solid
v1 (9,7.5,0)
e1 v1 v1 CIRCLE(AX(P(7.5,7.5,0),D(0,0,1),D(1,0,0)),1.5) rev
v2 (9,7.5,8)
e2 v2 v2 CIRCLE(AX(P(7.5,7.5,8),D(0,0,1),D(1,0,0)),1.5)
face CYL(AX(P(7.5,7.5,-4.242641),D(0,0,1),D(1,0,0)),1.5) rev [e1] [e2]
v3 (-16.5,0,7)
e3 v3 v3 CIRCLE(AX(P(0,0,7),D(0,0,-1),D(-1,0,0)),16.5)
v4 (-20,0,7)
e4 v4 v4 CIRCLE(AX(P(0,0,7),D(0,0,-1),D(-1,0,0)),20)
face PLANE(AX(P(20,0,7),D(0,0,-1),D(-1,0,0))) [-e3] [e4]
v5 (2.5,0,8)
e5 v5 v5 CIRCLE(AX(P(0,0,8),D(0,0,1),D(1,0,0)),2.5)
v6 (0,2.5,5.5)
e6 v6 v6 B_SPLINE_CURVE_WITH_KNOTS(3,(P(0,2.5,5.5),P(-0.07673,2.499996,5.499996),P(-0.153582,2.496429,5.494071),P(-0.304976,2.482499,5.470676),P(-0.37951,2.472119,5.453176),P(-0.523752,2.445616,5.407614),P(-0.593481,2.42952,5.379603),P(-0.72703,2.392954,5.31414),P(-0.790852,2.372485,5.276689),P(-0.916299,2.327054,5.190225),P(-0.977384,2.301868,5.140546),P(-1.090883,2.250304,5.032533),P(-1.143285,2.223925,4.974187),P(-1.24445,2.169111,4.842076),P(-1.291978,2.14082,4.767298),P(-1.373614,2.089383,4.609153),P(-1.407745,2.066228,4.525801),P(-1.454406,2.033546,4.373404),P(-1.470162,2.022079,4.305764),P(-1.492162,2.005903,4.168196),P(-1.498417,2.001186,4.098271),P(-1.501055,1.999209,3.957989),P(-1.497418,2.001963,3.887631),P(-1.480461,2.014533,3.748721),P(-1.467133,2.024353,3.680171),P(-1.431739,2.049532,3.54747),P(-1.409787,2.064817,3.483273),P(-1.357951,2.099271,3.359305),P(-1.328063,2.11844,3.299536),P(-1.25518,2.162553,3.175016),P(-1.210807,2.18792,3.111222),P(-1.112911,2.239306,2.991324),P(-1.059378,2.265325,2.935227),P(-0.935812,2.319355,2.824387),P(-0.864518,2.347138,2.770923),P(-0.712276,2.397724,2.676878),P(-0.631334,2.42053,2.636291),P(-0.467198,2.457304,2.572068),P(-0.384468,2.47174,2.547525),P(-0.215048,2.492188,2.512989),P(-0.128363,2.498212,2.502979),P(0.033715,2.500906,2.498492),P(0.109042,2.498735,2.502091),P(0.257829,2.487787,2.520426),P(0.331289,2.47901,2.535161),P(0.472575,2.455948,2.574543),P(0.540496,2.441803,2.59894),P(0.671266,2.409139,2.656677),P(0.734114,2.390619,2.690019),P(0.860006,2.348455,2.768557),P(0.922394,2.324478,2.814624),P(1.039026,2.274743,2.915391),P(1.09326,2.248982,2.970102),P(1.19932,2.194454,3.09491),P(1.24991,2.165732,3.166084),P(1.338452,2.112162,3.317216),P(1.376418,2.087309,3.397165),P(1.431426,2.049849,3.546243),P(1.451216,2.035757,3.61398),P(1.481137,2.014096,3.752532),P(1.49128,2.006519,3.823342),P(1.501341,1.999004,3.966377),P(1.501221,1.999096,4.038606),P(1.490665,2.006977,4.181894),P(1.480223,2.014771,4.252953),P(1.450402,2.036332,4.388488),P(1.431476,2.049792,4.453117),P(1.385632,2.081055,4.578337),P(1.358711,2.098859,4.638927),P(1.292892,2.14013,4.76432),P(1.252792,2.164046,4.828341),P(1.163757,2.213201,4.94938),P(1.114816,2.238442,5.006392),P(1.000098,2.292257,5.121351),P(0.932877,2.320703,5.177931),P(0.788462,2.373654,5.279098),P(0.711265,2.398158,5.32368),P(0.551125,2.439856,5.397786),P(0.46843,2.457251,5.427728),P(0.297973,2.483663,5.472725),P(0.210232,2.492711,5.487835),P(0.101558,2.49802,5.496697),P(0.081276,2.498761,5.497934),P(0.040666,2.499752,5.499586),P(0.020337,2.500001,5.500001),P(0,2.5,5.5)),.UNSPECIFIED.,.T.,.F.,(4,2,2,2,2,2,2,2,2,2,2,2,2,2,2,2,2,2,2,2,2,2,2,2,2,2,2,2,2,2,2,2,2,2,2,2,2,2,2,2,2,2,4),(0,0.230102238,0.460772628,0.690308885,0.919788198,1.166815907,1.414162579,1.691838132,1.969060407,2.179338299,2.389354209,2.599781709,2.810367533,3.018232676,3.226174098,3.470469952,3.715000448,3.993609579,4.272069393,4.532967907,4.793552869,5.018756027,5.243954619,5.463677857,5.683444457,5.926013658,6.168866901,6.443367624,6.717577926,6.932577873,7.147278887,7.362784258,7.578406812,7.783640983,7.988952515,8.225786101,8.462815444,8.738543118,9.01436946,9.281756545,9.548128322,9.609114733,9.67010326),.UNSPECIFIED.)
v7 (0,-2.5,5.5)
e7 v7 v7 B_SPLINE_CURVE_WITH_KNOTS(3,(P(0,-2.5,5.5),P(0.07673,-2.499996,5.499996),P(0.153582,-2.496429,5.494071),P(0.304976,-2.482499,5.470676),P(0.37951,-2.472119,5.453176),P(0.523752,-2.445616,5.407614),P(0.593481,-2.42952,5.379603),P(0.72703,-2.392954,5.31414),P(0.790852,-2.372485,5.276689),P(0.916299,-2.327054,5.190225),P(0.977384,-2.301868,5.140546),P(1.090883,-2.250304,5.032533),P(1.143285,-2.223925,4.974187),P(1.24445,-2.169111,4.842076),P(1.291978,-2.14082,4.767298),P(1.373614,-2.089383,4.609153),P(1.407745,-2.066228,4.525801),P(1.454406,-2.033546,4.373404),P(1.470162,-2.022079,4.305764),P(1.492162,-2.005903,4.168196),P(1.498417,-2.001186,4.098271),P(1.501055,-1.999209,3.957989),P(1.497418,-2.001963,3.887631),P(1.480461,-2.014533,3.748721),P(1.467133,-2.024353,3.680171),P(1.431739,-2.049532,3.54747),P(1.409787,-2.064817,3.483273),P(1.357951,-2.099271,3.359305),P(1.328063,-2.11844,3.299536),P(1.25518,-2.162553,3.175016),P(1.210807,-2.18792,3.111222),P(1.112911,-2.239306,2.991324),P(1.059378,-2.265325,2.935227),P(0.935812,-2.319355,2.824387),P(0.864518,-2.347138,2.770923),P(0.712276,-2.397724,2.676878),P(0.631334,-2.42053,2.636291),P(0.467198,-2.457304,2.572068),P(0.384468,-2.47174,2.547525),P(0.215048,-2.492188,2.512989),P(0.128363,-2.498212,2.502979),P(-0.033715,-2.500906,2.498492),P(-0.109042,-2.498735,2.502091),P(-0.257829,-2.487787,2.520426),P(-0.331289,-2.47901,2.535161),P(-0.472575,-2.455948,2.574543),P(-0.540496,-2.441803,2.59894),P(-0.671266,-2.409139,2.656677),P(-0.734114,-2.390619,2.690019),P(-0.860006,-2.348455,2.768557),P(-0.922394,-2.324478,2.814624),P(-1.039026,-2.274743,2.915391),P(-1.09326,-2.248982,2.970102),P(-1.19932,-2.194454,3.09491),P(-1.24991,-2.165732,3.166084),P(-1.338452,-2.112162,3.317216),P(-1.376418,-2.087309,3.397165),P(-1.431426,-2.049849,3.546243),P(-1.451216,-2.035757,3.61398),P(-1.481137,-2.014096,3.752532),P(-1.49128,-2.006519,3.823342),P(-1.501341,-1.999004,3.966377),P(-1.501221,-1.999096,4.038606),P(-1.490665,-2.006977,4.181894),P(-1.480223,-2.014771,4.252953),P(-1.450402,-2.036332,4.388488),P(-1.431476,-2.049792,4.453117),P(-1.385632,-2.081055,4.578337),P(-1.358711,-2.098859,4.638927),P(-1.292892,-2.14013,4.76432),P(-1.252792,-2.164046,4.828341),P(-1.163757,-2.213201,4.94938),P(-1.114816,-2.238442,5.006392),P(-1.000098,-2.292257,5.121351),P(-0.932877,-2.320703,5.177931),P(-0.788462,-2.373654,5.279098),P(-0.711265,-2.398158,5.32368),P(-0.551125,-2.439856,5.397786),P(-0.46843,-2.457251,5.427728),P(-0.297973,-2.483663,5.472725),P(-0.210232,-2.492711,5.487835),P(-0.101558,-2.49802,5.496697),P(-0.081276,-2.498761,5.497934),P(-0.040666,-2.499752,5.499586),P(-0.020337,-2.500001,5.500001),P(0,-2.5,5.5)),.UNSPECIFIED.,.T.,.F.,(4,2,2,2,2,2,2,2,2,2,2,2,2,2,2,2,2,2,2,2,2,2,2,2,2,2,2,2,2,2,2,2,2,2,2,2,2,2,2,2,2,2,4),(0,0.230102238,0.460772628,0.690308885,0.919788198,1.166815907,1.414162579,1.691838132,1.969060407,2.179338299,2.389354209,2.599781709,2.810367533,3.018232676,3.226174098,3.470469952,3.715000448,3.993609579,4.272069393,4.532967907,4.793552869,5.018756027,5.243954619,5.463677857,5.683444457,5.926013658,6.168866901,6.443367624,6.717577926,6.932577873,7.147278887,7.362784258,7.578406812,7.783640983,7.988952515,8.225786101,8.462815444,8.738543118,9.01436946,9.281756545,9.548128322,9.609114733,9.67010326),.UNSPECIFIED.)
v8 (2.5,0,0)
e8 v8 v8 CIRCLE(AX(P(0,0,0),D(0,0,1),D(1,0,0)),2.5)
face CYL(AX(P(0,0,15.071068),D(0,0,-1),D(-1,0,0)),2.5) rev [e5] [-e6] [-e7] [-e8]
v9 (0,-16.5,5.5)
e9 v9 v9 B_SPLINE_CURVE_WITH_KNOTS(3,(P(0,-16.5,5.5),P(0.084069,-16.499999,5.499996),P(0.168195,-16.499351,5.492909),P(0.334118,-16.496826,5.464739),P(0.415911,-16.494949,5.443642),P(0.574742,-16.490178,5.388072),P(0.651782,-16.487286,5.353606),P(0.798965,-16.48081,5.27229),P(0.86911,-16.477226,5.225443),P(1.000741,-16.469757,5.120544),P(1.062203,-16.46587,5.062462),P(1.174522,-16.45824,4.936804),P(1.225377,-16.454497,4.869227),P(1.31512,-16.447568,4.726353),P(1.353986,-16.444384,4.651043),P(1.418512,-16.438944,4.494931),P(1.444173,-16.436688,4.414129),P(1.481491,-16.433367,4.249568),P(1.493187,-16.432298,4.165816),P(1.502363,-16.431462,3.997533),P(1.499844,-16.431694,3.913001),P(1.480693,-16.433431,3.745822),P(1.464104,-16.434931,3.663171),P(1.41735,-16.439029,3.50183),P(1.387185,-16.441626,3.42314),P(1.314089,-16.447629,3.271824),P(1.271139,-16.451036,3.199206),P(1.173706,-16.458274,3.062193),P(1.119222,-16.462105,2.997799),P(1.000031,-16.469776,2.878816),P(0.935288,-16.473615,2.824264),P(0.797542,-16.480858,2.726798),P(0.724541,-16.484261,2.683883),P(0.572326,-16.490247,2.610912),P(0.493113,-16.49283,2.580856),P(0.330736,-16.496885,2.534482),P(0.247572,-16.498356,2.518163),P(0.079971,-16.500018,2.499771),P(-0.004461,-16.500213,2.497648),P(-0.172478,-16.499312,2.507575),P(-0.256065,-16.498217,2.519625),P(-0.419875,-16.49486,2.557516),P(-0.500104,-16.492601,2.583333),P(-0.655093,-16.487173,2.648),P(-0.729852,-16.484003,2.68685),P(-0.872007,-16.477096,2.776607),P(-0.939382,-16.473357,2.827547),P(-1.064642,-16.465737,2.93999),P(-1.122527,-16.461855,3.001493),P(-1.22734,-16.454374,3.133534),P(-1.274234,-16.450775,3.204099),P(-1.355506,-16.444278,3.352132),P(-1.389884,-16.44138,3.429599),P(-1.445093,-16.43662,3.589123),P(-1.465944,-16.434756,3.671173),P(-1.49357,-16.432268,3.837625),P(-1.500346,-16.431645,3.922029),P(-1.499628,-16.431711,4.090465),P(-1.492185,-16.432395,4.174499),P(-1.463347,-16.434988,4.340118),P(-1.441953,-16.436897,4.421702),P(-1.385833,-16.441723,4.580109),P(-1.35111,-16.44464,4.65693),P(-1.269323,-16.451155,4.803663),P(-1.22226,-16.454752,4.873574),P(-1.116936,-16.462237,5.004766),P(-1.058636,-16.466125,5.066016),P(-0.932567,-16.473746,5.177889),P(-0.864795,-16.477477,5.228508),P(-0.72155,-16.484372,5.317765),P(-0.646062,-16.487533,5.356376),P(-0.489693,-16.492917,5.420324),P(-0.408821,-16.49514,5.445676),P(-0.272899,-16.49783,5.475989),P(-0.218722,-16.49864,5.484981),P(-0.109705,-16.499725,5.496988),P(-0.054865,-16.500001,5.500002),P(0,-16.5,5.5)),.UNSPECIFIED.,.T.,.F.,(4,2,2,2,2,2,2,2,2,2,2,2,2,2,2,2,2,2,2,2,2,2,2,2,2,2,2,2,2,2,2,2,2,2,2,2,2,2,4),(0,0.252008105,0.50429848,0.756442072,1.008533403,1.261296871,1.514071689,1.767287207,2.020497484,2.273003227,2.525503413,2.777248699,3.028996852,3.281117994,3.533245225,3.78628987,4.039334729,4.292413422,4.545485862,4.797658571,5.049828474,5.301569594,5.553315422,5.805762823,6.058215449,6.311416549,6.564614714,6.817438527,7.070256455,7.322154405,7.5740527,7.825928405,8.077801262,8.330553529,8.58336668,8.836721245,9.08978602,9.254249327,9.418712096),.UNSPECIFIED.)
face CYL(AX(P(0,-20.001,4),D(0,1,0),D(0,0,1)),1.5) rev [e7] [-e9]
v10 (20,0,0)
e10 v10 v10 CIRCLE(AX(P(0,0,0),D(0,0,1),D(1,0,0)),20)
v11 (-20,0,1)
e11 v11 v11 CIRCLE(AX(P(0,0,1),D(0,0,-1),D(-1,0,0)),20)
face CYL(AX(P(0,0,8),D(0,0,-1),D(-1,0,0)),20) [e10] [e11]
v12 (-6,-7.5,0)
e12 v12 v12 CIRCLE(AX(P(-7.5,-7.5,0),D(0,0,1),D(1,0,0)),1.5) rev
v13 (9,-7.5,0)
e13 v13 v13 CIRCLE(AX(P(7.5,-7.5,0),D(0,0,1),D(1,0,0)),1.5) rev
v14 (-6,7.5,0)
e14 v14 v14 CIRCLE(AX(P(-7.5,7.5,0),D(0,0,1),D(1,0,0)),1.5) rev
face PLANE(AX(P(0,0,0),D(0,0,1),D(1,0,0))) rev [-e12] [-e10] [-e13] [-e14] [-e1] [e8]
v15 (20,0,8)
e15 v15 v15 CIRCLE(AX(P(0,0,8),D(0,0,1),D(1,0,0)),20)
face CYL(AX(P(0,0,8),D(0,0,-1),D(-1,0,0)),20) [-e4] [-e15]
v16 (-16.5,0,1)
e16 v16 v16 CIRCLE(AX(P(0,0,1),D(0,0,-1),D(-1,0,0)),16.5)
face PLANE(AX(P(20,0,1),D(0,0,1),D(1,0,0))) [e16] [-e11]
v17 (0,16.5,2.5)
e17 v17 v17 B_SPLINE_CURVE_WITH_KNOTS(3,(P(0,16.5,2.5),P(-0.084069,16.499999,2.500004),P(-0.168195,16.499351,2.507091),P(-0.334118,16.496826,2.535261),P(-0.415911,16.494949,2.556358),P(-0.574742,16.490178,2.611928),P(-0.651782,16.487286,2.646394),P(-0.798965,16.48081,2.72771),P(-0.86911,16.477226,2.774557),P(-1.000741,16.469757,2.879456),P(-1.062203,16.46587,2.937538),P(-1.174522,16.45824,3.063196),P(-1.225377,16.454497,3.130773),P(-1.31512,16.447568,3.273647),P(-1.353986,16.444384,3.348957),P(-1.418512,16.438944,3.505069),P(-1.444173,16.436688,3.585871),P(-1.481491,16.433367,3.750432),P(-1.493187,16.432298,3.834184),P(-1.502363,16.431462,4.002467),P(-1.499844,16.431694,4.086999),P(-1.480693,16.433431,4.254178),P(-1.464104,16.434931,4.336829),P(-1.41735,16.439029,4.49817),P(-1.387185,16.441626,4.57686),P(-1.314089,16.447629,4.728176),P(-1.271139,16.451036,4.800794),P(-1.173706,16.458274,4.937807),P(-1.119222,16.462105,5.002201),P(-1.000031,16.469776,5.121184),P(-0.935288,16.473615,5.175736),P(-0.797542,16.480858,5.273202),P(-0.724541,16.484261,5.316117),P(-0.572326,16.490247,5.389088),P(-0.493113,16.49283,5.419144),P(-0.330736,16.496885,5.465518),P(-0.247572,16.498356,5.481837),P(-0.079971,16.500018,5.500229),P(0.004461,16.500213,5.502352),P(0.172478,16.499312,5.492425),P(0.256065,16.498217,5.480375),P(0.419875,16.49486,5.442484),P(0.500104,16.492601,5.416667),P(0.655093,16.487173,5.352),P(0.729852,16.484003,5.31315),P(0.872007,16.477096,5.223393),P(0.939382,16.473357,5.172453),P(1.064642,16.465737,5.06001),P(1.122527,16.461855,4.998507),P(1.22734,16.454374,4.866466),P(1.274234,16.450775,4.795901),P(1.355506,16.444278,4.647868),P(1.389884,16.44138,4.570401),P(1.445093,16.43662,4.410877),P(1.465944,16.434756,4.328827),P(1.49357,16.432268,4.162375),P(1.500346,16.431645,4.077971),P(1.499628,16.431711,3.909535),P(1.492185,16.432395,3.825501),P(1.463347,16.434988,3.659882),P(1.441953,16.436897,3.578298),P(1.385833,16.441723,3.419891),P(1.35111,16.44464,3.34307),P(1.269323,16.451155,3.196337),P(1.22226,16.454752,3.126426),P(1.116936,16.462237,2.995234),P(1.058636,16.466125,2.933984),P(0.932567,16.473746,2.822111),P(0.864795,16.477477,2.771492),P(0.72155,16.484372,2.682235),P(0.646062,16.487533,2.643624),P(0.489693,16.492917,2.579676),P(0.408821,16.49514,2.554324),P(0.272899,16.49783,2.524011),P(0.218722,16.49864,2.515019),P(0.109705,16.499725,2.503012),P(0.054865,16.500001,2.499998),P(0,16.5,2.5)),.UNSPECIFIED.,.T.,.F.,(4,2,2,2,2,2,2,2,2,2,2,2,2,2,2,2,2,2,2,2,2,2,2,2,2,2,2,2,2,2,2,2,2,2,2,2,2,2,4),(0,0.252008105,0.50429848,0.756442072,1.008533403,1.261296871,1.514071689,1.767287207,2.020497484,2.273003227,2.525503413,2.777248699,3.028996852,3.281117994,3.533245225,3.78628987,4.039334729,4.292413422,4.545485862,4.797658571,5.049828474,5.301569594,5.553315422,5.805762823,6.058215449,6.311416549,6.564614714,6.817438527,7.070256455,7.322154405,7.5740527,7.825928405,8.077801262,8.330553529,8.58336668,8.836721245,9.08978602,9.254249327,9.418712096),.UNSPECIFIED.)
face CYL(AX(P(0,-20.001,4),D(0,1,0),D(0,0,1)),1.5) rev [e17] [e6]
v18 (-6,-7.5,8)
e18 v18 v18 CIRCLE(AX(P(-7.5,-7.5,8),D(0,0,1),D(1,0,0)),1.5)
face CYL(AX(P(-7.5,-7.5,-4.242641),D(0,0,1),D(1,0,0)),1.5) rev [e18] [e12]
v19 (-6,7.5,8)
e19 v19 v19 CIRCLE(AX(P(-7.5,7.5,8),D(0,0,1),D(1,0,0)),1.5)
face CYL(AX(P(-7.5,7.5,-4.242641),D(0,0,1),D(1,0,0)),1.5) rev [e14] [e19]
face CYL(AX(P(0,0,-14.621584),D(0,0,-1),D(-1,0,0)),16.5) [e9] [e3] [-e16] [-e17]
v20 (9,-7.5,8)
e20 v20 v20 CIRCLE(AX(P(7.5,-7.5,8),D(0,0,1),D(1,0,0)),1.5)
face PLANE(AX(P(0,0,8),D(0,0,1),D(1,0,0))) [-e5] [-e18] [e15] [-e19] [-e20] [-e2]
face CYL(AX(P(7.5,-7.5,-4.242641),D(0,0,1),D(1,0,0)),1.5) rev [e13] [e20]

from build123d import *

# Parameters (mm, degrees)
SKETCH1_R                                       = 20
PULLEY_BOSS_EXTRUDE1_DEPTH                      = 8
SKETCH2_W                                       = 3.5
SKETCH2_H                                       = 6
SKETCH3_R                                       = 2.5
SHAFT_CUT_EXTRUDE1_DEPTH                        = 8
SPRINT_HOLE_CUT_EXTRUDE2_REACH                  = 31.394
SPRINT_HOLE_CUT_EXTRUDE2_END_RADIUS             = 16.5
SKETCH4_R                                       = 1.5
SPRINT_HOLE_CUT_EXTRUDE2_DIRECTION_2_REACH      = 31.394
SPRINT_HOLE_CUT_EXTRUDE2_DIRECTION_2_END_RADIUS = 16.5
SKETCH5_R                                       = 1.5
ARM_DISTANS_MOUNTING_HOLES_CUT_EXTRUDE1_DEPTH   = 8


with BuildPart() as part:
    # Sketch1 → Pulley Boss-Extrude1 (new body)
    with BuildSketch(Plane.XY):
        Circle(SKETCH1_R)
    extrude(amount=PULLEY_BOSS_EXTRUDE1_DEPTH)

    # Sketch2 → Belt Cut-Revolve3 (revolve, cut)
    with BuildSketch(Plane(origin=(0, 0, 0), x_dir=(1, 0, 0), z_dir=(0, 1, 0)), mode=Mode.PRIVATE) as belt_cut_revolve3_sk:
        with Locations((18.25, -4)):
            Rectangle(SKETCH2_W, SKETCH2_H)
    revolve(belt_cut_revolve3_sk.sketch.rotate(Axis((0, 0, -14.62158436), (0, 0, 1)), 180), axis=Axis((0, 0, -14.62158436), (0, 0, 1)), mode=Mode.SUBTRACT)

    # Sketch3 → Shaft Cut-Extrude1 (cut)
    with BuildSketch(Plane.XY):
        Circle(SKETCH3_R)
    extrude(amount=SHAFT_CUT_EXTRUDE1_DEPTH, mode=Mode.SUBTRACT)

    # Sprint Hole Cut-Extrude2: up to this cylinder (the profile starts inside it)
    sprint_hole_cut_extrude2_end = Plane(origin=(0, 0, 4), z_dir=(0, 0, -1)) * Cylinder(SPRINT_HOLE_CUT_EXTRUDE2_END_RADIUS, 96.788, mode=Mode.PRIVATE)
    # Sketch4 → Sprint Hole Cut-Extrude2 (cut, up to the surface)
    with BuildSketch(Plane(origin=(0, 0, 0), x_dir=(1, 0, 0), z_dir=(0, 1, 0)), mode=Mode.PRIVATE) as sprint_hole_cut_extrude2_sk1:
        with Locations(Location((0, -4, 0), (0, 0, 270))):
            Circle(SKETCH4_R)
    sprint_hole_cut_extrude2_tool1 = extrude(sprint_hole_cut_extrude2_sk1.sketch, amount=-SPRINT_HOLE_CUT_EXTRUDE2_REACH, mode=Mode.PRIVATE) & sprint_hole_cut_extrude2_end
    add(sprint_hole_cut_extrude2_tool1.solids().sort_by_distance((0, 0, 4))[0], mode=Mode.SUBTRACT)

    # Sprint Hole Cut-Extrude2 direction 2: up to this cylinder (the profile starts inside it)
    sprint_hole_cut_extrude2_direction_2_end = Plane(origin=(0, 0, 4), z_dir=(0, 0, -1)) * Cylinder(SPRINT_HOLE_CUT_EXTRUDE2_DIRECTION_2_END_RADIUS, 96.788, mode=Mode.PRIVATE)
    # Sketch4 → Sprint Hole Cut-Extrude2 direction 2 (cut, up to the surface)
    with BuildSketch(Plane(origin=(0, 0, 0), x_dir=(1, 0, 0), z_dir=(0, 1, 0)), mode=Mode.PRIVATE) as sprint_hole_cut_extrude2_direction_2_sk1:
        with Locations(Location((0, -4, 0), (0, 0, 270))):
            Circle(SKETCH4_R)
    sprint_hole_cut_extrude2_direction_2_tool1 = extrude(sprint_hole_cut_extrude2_direction_2_sk1.sketch, amount=SPRINT_HOLE_CUT_EXTRUDE2_DIRECTION_2_REACH, mode=Mode.PRIVATE) & sprint_hole_cut_extrude2_direction_2_end
    add(sprint_hole_cut_extrude2_direction_2_tool1.solids().sort_by_distance((0, 0, 4))[0], mode=Mode.SUBTRACT)

    # Sketch5 → Arm Distans Mounting Holes Cut-Extrude1 (cut)
    with BuildSketch(Plane.XY.offset(8)):
        with Locations((7.5, 7.5)):
            Circle(SKETCH5_R)
        with Locations((-7.5, 7.5)):
            Circle(SKETCH5_R)
        with Locations((-7.5, -7.5)):
            Circle(SKETCH5_R)
        with Locations((7.5, -7.5)):
            Circle(SKETCH5_R)
    extrude(amount=-ARM_DISTANS_MOUNTING_HOLES_CUT_EXTRUDE1_DEPTH, mode=Mode.SUBTRACT)


solid = part.part
